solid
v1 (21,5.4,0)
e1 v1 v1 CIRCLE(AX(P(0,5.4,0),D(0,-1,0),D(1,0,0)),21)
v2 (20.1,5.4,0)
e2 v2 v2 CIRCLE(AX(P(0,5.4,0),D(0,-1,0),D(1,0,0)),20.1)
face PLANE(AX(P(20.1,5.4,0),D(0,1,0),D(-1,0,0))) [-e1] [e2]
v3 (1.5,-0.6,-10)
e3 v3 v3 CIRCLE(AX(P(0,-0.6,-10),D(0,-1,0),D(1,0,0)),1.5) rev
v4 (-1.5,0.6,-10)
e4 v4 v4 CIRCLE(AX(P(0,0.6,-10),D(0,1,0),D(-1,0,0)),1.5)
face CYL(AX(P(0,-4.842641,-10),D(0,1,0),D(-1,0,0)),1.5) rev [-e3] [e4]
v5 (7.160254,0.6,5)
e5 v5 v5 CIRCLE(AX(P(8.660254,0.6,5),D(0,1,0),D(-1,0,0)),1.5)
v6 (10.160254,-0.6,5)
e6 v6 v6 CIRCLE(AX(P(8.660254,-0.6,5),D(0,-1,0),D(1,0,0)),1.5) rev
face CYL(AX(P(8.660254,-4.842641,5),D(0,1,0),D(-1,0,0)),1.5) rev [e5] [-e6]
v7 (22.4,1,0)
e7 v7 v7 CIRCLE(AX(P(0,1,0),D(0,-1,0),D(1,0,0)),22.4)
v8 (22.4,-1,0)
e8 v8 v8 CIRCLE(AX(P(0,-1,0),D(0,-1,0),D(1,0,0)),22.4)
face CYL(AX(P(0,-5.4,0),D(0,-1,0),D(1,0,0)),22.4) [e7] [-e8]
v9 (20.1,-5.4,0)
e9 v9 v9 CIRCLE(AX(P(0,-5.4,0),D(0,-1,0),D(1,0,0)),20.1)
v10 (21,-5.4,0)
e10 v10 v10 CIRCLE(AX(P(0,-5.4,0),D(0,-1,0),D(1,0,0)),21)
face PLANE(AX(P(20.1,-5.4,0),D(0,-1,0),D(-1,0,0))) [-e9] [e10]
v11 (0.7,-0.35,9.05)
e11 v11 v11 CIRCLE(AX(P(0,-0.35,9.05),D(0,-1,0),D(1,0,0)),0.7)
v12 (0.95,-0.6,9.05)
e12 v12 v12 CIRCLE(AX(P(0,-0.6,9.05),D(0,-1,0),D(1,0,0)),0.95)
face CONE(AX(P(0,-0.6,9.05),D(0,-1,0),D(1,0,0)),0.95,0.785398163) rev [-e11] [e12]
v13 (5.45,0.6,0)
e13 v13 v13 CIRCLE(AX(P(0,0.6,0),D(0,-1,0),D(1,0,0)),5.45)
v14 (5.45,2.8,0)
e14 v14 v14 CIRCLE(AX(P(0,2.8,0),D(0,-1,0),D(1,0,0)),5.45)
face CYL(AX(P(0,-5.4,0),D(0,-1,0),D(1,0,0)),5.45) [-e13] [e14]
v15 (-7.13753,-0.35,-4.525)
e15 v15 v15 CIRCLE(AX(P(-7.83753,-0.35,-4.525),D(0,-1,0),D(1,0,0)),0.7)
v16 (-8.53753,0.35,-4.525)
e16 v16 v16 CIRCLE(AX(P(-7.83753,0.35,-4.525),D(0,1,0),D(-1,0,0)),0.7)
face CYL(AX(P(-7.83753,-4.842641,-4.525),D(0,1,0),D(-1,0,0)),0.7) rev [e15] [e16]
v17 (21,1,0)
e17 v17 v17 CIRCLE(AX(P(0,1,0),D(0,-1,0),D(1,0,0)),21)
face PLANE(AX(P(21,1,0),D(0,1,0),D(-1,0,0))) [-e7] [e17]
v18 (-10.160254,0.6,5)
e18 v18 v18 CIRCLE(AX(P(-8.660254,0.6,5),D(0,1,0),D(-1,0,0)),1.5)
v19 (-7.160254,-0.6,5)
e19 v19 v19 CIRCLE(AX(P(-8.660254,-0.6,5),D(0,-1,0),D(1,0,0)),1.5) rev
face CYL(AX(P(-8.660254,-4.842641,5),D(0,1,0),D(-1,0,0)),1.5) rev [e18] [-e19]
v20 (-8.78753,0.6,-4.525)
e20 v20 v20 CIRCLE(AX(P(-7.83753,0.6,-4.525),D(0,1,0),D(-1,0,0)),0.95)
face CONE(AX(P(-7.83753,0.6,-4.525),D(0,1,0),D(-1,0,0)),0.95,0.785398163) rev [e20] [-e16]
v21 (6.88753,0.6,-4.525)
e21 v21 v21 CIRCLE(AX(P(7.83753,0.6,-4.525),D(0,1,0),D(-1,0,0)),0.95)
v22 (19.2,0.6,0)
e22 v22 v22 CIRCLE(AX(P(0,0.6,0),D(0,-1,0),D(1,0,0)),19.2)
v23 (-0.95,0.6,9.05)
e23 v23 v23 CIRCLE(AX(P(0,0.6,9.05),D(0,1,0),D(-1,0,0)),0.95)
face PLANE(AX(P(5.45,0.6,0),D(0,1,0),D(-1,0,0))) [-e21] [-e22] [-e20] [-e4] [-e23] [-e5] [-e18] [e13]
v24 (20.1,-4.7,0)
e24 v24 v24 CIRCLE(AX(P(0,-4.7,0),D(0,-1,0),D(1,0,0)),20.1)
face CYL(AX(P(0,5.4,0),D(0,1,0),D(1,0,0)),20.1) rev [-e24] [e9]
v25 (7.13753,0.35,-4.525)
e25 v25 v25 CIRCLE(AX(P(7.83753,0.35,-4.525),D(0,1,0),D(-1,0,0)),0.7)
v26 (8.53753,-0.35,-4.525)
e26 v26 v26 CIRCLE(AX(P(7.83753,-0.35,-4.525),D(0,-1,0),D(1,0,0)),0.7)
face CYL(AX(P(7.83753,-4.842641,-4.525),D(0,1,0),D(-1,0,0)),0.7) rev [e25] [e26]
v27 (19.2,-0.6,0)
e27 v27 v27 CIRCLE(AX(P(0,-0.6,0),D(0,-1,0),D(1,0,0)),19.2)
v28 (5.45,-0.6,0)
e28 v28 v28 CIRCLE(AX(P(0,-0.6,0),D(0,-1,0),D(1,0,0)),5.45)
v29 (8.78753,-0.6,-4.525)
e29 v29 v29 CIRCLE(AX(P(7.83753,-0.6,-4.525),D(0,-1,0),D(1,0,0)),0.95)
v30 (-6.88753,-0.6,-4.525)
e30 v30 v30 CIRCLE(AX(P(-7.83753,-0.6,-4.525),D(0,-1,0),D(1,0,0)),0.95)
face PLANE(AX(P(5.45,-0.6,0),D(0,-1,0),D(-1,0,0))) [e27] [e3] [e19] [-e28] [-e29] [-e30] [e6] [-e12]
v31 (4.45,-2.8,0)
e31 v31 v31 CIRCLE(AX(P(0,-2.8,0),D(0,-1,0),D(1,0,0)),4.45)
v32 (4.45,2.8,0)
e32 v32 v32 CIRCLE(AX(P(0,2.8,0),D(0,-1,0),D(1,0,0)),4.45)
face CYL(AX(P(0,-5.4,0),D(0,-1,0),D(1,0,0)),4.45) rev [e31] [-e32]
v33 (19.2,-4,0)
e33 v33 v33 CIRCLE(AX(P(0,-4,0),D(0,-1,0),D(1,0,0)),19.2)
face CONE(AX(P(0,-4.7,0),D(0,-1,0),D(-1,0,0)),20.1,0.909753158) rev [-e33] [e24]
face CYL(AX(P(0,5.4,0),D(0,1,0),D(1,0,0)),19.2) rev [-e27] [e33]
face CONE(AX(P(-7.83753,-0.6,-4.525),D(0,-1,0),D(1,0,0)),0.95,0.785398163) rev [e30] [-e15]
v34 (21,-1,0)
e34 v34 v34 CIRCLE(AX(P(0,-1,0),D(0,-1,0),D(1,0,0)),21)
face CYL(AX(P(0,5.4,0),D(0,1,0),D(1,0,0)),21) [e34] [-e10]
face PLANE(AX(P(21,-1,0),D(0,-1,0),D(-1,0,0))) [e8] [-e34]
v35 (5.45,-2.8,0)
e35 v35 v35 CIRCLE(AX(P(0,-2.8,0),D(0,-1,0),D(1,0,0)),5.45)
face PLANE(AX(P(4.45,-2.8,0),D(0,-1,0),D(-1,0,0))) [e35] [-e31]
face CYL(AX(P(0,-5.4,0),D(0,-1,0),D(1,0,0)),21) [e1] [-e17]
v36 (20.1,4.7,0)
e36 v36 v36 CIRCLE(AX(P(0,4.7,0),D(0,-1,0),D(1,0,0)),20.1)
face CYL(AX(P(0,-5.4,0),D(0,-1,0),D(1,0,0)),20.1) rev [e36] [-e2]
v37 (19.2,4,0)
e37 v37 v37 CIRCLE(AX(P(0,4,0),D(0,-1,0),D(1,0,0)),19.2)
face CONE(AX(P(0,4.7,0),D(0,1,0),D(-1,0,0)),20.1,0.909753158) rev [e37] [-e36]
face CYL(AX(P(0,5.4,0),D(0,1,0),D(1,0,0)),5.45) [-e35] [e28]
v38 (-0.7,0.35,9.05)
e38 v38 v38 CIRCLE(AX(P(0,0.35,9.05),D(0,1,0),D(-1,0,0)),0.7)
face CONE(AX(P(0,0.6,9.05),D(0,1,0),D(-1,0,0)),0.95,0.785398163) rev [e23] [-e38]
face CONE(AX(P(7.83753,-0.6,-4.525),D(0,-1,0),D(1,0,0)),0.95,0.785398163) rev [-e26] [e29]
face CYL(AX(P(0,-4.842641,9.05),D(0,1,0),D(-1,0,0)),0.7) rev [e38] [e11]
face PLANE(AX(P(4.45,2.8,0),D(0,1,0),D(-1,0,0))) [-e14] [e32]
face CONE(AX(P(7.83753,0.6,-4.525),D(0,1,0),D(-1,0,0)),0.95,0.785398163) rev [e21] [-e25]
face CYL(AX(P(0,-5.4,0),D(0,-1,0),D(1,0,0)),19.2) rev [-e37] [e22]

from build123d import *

# Parameters (mm, degrees)
SKETCH3_R          = 1.5
SKETCH3_R_2        = 0.7
CUT_EXTRUDE1_DEPTH = 1.2


with BuildPart() as part:
    # Sketch1 → Revolve1 (revolve)
    with BuildSketch(Plane.XY):
        Polygon((4.45, 0), (4.45, 2.8), (5.45, 2.8), (5.45, 0.6), (19.2, 0.6), (19.2, 4), (20.1, 4.7), (20.1, 5.4), (21, 5.4), (21, 1), (22.4, 1), (22.4, 0), align=None)
    revolve1 = revolve(axis=Axis((0, -5.4, 0), (0, 1, 0)))

    # Mirror1: Revolve1 across plane
    add(revolve1.mirror(Plane(origin=(22.4, 0, 0), x_dir=(0, 0, 1), z_dir=(0, -1, 0))))

    # Sketch3 → Cut-Extrude1 (cut)
    with BuildSketch(Plane(origin=(0, 0.6, 0), x_dir=(1, 0, 0), z_dir=(0, 1, 0))):
        with Locations(Location((0, 10, 0), (0, 0, 180))):
            Circle(SKETCH3_R)
        with Locations(Location((-8.660254038, -5, 0), (0, 0, 180))):
            Circle(SKETCH3_R)
        with Locations(Location((8.660254038, -5, 0), (0, 0, 180))):
            Circle(SKETCH3_R)
        with Locations(Location((-7.837529904, 4.525, 0), (0, 0, 180))):
            Circle(SKETCH3_R_2)
        with Locations(Location((7.837529904, 4.525, 0), (0, 0, 180))):
            Circle(SKETCH3_R_2)
        with Locations(Location((0, -9.05, 0), (0, 0, 180))):
            Circle(SKETCH3_R_2)
    extrude(amount=-CUT_EXTRUDE1_DEPTH, mode=Mode.SUBTRACT)

    # Cut-Extrude2 cone 1 section (through the dimple's axis) → Cut-Extrude2 (revolve, cut)
    with BuildSketch(Plane(origin=(0, 0.6, 9.05), x_dir=(0, 0, 1), z_dir=(1, 0, 0))):
        Polygon((0, 0), (0.95, 0), (0, 0.95), align=None)
    revolve(axis=Axis((0, 0.6, 9.05), (0, -1, 0)), mode=Mode.SUBTRACT)

    # Cut-Extrude2 cone 2 section (through the dimple's axis) → Cut-Extrude2 cone 2 (revolve, cut)
    with BuildSketch(Plane(origin=(7.837529904, 0.6, -4.525), x_dir=(0, 0, 1), z_dir=(1, 0, 0))):
        Polygon((0, 0), (0.95, 0), (0, 0.95), align=None)
    revolve(axis=Axis((7.837529904, 0.6, -4.525), (0, -1, 0)), mode=Mode.SUBTRACT)

    # Cut-Extrude2 cone 3 section (through the dimple's axis) → Cut-Extrude2 cone 3 (revolve, cut)
    with BuildSketch(Plane(origin=(-7.837529904, 0.6, -4.525), x_dir=(0, 0, 1), z_dir=(1, 0, 0))):
        Polygon((0, 0), (0.95, 0), (0, 0.95), align=None)
    revolve(axis=Axis((-7.837529904, 0.6, -4.525), (0, -1, 0)), mode=Mode.SUBTRACT)

    # Cut-Extrude3 cone 1 section (through the dimple's axis) → Cut-Extrude3 (revolve, cut)
    with BuildSketch(Plane(origin=(7.837529904, -0.6, -4.525), x_dir=(0, 0, -1), z_dir=(1, 0, 0))):
        Polygon((0, 0), (0.95, 0), (0, 0.95), align=None)
    revolve(axis=Axis((7.837529904, -0.6, -4.525), (0, 1, 0)), mode=Mode.SUBTRACT)

    # Cut-Extrude3 cone 2 section (through the dimple's axis) → Cut-Extrude3 cone 2 (revolve, cut)
    with BuildSketch(Plane(origin=(0, -0.6, 9.05), x_dir=(0, 0, -1), z_dir=(1, 0, 0))):
        Polygon((0, 0), (0.95, 0), (0, 0.95), align=None)
    revolve(axis=Axis((0, -0.6, 9.05), (0, 1, 0)), mode=Mode.SUBTRACT)

    # Cut-Extrude3 cone 3 section (through the dimple's axis) → Cut-Extrude3 cone 3 (revolve, cut)
    with BuildSketch(Plane(origin=(-7.837529904, -0.6, -4.525), x_dir=(0, 0, -1), z_dir=(1, 0, 0))):
        Polygon((0, 0), (0.95, 0), (0, 0.95), align=None)
    revolve(axis=Axis((-7.837529904, -0.6, -4.525), (0, 1, 0)), mode=Mode.SUBTRACT)


solid = part.part
